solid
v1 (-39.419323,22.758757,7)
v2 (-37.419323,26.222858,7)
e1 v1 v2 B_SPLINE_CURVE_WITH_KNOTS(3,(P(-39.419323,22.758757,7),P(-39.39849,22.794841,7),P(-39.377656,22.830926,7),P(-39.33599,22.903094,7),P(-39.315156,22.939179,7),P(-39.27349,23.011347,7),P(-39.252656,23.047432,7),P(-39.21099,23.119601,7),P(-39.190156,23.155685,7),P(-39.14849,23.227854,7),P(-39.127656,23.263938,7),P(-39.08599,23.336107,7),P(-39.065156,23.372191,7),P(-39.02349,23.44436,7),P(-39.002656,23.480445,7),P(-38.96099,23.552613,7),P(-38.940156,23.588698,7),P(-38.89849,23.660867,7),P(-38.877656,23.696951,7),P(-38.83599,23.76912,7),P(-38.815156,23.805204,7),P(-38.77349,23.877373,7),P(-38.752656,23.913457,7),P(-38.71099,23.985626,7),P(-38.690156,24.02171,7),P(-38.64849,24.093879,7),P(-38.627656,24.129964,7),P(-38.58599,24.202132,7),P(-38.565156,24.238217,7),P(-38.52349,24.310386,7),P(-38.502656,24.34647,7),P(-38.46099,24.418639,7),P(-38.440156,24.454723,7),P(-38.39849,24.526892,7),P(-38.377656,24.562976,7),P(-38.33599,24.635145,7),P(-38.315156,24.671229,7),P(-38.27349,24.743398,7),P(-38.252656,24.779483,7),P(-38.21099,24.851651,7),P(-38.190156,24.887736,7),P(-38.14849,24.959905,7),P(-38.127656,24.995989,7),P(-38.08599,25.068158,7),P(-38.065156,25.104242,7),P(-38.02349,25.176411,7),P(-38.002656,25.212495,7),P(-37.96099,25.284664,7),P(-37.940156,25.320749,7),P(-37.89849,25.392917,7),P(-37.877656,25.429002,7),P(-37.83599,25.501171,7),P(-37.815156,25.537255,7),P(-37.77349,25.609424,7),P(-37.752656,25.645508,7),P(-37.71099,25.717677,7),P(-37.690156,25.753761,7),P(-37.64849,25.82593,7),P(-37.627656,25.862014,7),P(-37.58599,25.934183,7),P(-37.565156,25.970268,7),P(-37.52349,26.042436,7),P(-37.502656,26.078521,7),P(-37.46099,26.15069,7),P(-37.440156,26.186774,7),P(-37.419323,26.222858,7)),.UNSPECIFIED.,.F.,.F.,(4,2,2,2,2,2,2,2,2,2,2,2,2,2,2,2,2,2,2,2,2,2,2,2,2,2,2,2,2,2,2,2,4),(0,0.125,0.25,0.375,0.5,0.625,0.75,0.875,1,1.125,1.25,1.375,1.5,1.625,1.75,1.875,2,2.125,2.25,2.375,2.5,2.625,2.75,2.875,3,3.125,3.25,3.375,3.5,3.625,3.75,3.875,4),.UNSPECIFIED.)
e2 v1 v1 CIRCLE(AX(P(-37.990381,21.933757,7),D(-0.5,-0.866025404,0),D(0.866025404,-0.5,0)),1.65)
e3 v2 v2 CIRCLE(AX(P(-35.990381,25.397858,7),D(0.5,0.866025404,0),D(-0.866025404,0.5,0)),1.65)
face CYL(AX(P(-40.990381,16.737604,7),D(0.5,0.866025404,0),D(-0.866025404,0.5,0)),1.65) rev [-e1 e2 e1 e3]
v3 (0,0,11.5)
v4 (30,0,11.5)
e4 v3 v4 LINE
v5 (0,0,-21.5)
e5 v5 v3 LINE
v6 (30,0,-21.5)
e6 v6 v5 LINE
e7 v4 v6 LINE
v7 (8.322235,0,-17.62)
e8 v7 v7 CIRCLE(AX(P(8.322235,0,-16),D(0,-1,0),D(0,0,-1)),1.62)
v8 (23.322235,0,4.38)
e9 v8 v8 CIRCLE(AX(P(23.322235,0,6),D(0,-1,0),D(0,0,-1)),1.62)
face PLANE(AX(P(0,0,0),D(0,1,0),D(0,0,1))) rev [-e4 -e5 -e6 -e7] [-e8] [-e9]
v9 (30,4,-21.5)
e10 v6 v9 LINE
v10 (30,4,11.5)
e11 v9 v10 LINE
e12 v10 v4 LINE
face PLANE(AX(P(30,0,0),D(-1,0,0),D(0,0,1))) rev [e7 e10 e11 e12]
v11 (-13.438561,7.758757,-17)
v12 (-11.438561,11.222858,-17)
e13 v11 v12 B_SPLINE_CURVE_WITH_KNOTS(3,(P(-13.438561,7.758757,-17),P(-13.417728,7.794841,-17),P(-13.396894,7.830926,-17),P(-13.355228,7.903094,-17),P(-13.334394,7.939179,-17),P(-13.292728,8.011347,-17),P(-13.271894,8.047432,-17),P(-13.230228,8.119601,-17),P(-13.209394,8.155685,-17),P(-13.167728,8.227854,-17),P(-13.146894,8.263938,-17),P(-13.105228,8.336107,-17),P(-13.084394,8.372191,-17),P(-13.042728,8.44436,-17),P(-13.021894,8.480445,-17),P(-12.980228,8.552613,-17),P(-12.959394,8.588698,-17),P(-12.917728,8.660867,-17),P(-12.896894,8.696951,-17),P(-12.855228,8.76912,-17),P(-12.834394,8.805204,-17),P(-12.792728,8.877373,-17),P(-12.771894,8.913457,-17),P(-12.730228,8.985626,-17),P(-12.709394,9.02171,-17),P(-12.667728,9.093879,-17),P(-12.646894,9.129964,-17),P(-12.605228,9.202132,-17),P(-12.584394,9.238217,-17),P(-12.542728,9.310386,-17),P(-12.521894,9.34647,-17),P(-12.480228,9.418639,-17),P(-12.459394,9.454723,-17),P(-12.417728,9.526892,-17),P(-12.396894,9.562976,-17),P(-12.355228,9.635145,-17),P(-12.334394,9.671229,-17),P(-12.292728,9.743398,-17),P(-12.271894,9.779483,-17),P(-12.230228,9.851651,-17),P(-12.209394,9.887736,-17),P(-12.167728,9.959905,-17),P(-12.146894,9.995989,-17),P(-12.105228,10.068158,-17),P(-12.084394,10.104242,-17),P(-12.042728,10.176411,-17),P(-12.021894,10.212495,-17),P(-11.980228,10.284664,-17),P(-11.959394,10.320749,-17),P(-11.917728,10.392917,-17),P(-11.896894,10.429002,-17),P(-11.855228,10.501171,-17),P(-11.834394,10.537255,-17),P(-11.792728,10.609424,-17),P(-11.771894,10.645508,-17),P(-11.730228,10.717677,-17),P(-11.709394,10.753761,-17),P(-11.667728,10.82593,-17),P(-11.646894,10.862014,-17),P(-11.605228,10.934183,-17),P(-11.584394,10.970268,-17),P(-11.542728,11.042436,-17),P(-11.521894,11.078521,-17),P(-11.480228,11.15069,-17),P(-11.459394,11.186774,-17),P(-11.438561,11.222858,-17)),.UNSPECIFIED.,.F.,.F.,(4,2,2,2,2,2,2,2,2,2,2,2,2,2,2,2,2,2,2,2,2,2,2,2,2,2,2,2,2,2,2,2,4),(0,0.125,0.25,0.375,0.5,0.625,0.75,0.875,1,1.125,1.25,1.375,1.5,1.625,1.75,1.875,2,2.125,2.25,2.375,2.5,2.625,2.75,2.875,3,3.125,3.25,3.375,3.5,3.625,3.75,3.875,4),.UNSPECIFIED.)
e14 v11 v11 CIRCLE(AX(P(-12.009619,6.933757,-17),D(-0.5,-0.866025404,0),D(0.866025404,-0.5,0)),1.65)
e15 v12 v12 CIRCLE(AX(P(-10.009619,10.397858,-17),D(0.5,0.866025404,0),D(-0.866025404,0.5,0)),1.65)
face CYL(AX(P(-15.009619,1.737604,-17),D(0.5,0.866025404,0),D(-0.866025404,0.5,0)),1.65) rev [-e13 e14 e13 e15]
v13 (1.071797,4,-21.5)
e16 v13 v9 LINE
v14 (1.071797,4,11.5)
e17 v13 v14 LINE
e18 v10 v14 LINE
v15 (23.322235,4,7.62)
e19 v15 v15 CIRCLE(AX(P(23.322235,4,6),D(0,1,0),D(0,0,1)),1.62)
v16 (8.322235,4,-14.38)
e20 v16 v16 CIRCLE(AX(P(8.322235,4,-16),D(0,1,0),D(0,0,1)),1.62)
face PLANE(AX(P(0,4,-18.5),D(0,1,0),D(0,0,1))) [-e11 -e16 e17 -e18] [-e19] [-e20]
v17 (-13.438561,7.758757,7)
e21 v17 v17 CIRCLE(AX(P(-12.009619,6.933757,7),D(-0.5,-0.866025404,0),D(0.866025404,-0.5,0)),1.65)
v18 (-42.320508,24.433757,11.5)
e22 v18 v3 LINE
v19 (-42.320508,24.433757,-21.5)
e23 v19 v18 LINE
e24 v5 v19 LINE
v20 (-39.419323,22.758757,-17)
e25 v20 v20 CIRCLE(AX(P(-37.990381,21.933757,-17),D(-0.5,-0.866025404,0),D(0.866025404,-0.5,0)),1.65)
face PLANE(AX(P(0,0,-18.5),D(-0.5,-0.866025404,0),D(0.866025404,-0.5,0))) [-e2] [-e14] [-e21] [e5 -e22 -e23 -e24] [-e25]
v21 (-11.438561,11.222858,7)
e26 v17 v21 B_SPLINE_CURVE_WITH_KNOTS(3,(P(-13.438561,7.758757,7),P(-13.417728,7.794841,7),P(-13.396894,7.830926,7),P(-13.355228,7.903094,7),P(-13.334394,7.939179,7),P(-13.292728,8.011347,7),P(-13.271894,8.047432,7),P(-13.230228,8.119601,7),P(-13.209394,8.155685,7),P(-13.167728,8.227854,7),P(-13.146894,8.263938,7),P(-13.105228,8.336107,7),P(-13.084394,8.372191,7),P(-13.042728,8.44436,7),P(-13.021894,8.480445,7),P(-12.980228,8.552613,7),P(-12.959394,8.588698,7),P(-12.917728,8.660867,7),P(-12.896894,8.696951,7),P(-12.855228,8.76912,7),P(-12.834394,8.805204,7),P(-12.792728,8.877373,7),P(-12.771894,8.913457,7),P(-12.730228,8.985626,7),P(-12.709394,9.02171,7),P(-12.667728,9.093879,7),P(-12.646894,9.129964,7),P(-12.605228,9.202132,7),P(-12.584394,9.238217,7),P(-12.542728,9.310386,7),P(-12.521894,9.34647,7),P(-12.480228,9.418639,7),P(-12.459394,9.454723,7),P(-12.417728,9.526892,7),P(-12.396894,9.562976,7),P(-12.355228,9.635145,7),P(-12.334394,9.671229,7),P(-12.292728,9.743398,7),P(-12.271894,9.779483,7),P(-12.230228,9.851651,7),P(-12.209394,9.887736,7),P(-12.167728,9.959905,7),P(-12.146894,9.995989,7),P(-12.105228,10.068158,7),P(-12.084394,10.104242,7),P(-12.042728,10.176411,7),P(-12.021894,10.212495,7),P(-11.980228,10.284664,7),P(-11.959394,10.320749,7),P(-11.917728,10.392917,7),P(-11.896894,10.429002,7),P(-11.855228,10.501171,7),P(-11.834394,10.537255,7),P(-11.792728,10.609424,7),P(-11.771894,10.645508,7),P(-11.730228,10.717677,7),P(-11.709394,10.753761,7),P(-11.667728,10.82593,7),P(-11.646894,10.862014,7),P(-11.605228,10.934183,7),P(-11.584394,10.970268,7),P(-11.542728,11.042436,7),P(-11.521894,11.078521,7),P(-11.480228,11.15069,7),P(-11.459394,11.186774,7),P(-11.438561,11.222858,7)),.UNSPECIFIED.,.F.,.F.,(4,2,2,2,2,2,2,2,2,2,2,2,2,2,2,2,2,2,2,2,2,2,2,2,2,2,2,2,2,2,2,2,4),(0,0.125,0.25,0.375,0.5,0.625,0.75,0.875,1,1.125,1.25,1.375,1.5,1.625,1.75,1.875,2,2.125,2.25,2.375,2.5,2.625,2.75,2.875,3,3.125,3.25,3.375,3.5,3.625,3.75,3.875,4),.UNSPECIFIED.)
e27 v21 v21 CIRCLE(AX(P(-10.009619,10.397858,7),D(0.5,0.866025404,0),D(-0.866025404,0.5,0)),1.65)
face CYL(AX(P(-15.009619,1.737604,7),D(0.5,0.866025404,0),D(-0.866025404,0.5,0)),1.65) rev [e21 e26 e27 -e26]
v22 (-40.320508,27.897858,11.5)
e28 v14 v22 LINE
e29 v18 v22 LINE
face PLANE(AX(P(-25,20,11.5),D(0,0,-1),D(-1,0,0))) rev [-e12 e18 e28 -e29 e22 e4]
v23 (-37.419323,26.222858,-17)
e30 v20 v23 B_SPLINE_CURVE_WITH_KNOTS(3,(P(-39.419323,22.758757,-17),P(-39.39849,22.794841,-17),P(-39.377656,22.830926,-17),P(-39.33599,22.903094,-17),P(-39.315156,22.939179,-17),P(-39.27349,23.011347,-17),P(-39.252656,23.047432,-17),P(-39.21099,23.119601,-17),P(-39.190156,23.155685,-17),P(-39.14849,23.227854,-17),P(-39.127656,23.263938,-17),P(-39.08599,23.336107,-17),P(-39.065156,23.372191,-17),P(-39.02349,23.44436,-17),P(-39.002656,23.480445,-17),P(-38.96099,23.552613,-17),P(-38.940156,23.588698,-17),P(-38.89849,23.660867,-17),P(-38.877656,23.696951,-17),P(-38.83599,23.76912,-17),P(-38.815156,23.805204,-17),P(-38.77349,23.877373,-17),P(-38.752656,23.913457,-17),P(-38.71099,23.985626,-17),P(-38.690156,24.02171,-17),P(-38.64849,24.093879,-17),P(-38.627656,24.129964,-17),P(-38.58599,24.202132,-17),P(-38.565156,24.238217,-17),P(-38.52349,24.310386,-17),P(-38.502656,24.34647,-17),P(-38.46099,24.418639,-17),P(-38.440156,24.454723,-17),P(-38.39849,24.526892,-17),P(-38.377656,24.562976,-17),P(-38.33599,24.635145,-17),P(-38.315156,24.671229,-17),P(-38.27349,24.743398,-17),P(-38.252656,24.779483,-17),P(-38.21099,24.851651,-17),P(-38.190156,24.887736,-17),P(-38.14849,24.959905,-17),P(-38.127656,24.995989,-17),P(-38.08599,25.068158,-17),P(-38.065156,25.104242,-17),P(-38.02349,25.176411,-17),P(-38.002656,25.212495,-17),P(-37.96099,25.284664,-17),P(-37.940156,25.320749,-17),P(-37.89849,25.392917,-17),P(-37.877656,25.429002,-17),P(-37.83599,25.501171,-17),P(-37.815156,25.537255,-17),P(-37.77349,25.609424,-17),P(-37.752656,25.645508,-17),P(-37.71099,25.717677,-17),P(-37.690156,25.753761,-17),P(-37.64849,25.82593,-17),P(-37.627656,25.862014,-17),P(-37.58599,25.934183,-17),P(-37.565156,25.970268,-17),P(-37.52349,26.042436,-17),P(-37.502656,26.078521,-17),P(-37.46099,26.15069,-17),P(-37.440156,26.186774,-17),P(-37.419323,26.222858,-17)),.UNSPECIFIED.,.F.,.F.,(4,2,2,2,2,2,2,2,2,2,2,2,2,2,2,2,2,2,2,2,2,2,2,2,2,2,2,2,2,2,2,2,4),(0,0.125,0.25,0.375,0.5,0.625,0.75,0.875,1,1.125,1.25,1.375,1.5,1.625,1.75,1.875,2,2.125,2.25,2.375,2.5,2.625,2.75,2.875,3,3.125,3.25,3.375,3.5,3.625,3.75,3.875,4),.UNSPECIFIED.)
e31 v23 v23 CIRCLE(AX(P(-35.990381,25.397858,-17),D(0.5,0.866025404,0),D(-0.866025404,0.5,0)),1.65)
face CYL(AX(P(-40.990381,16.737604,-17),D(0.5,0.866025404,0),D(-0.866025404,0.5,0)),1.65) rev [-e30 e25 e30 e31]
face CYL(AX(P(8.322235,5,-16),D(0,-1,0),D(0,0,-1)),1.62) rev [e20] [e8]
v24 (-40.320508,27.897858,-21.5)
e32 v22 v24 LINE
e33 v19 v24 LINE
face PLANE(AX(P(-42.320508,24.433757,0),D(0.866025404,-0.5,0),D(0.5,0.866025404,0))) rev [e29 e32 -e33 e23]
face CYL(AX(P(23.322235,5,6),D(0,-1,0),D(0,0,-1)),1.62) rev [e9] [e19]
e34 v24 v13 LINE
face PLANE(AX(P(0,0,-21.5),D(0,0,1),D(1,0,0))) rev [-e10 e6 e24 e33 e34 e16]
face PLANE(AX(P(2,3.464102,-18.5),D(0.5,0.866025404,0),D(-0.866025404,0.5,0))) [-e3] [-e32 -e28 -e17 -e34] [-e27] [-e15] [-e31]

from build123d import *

# Parameters (mm, degrees)
SKETCH1_W           = 50
SKETCH1_H           = 23
BOSS_EXTRUDE1_DEPTH = 20
CUT_EXTRUDE3_DEPTH  = 30
CUT_EXTRUDE4_DEPTH  = 30
SKETCH9_W           = 23
SKETCH9_H           = 4
BOSS_EXTRUDE2_DEPTH = 20
BOSS_EXTRUDE3_DEPTH = 10
SKETCH14_R          = 1.65
CUT_EXTRUDE6_DEPTH  = 10
SKETCH22_W          = 33
SKETCH22_H          = 4
BOSS_EXTRUDE4_DEPTH = 5
CUT_EXTRUDE7_DEPTH  = 5


with BuildPart() as part:
    # Sketch1 → Boss-Extrude1 (new body)
    with BuildSketch(Plane(origin=(0, 0, 0), x_dir=(1, 0, 0), z_dir=(0, 1, 0))):
        Rectangle(SKETCH1_W, SKETCH1_H)
    extrude(amount=BOSS_EXTRUDE1_DEPTH)

    # Sketch2 → Cut-Extrude3 (cut)
    with BuildSketch(Plane.XY.offset(11.5)):
        Polygon((0, 0), (-25, 14.43375673), (-25, 0), align=None)
        Polygon((1.07179677, 4), (25, 4), (25, 20), (-25, 20), (-25, 19.052558883), align=None)
    extrude(amount=-CUT_EXTRUDE3_DEPTH, mode=Mode.SUBTRACT)

    # Sketch4 → Cut-Extrude4 (cut)
    with BuildSketch(Plane.XY.offset(11.5)):
        Polygon((-25, 14.43375673), (-23, 17.897858345), (-25, 19.052558883), align=None)
    extrude(amount=-CUT_EXTRUDE4_DEPTH, mode=Mode.SUBTRACT)

    # Sketch9 → Boss-Extrude2 (add)
    with BuildSketch(Plane(origin=(-25, 14.43375673, 0), x_dir=(0, 0, 1), z_dir=(-0.8660254037844407, 0.4999999999999965, 0))):
        with Locations((0, 2)):
            Rectangle(SKETCH9_W, SKETCH9_H)
    extrude(amount=BOSS_EXTRUDE2_DEPTH)

    # Sketch11 → Boss-Extrude3 (add)
    with BuildSketch(Plane(origin=(0, 0, -11.5), x_dir=(-1, 0, 0), z_dir=(0, 0, -1))):
        Polygon((-25, 4), (-1.07179677, 4), (40.320508076, 27.897858345), (42.320508076, 24.43375673), (0, 0), (-25, 0), align=None)
    extrude(amount=BOSS_EXTRUDE3_DEPTH)

    # Sketch14 → Cut-Extrude6 (cut)
    with BuildSketch(Plane(origin=(2, 3.464101615, 0), x_dir=(0.866025403784438, -0.5000000000000012, 0), z_dir=(0.5000000000000011, 0.8660254037844379, 0))):
        with Locations(Location((-43.867513459, 17, 0), (0, 0, 180))):
            Circle(SKETCH14_R)
        with Locations(Location((-43.867513459, -7, 0), (0, 0, 180))):
            Circle(SKETCH14_R)
        with Locations(Location((-13.867513459, 17, 0), (0, 0, 180))):
            Circle(SKETCH14_R)
        with Locations(Location((-13.867513459, -7, 0), (0, 0, 180))):
            Circle(SKETCH14_R)
    extrude(amount=-CUT_EXTRUDE6_DEPTH, mode=Mode.SUBTRACT)

    # Sketch22 → Boss-Extrude4 (add)
    with BuildSketch(Plane(origin=(25, 0, 0), x_dir=(0, 0, -1), z_dir=(1, 0, 0))):
        with Locations((5, 2)):
            Rectangle(SKETCH22_W, SKETCH22_H)
    extrude(amount=BOSS_EXTRUDE4_DEPTH)

    # Sketch23 → Cut-Extrude7 (cut)
    with BuildSketch(Plane.XZ):
        with BuildLine():
            ThreePointArc((23.322235494, 7.62), (22.176722509, 4.854487014), (24.942235494, 6))
            Line((24.942235494, 6), (23.322235494, 6))
            Line((23.322235494, 6), (23.322235494, 7.62))
        make_face()
        with BuildLine():
            Line((23.322235494, 6), (24.942235494, 6))
            ThreePointArc((24.942235494, 6), (24.46774848, 7.145512986), (23.322235494, 7.62))
            Line((23.322235494, 7.62), (23.322235494, 6))
        make_face()
        with BuildLine():
            ThreePointArc((6.702235494, -16), (7.176722509, -17.145512986), (8.322235494, -17.62))
            Line((8.322235494, -17.62), (8.322235494, -16))
            Line((8.322235494, -16), (6.702235494, -16))
        make_face()
        with BuildLine():
            Line((8.322235494, -16), (8.322235494, -17.62))
            ThreePointArc((8.322235494, -17.62), (9.46774848, -17.145512986), (9.942235494, -16))
            ThreePointArc((9.942235494, -16), (8.322235494, -14.38), (6.702235494, -16))
            Line((6.702235494, -16), (8.322235494, -16))
        make_face()
    extrude(amount=-CUT_EXTRUDE7_DEPTH, mode=Mode.SUBTRACT)


solid = part.part
